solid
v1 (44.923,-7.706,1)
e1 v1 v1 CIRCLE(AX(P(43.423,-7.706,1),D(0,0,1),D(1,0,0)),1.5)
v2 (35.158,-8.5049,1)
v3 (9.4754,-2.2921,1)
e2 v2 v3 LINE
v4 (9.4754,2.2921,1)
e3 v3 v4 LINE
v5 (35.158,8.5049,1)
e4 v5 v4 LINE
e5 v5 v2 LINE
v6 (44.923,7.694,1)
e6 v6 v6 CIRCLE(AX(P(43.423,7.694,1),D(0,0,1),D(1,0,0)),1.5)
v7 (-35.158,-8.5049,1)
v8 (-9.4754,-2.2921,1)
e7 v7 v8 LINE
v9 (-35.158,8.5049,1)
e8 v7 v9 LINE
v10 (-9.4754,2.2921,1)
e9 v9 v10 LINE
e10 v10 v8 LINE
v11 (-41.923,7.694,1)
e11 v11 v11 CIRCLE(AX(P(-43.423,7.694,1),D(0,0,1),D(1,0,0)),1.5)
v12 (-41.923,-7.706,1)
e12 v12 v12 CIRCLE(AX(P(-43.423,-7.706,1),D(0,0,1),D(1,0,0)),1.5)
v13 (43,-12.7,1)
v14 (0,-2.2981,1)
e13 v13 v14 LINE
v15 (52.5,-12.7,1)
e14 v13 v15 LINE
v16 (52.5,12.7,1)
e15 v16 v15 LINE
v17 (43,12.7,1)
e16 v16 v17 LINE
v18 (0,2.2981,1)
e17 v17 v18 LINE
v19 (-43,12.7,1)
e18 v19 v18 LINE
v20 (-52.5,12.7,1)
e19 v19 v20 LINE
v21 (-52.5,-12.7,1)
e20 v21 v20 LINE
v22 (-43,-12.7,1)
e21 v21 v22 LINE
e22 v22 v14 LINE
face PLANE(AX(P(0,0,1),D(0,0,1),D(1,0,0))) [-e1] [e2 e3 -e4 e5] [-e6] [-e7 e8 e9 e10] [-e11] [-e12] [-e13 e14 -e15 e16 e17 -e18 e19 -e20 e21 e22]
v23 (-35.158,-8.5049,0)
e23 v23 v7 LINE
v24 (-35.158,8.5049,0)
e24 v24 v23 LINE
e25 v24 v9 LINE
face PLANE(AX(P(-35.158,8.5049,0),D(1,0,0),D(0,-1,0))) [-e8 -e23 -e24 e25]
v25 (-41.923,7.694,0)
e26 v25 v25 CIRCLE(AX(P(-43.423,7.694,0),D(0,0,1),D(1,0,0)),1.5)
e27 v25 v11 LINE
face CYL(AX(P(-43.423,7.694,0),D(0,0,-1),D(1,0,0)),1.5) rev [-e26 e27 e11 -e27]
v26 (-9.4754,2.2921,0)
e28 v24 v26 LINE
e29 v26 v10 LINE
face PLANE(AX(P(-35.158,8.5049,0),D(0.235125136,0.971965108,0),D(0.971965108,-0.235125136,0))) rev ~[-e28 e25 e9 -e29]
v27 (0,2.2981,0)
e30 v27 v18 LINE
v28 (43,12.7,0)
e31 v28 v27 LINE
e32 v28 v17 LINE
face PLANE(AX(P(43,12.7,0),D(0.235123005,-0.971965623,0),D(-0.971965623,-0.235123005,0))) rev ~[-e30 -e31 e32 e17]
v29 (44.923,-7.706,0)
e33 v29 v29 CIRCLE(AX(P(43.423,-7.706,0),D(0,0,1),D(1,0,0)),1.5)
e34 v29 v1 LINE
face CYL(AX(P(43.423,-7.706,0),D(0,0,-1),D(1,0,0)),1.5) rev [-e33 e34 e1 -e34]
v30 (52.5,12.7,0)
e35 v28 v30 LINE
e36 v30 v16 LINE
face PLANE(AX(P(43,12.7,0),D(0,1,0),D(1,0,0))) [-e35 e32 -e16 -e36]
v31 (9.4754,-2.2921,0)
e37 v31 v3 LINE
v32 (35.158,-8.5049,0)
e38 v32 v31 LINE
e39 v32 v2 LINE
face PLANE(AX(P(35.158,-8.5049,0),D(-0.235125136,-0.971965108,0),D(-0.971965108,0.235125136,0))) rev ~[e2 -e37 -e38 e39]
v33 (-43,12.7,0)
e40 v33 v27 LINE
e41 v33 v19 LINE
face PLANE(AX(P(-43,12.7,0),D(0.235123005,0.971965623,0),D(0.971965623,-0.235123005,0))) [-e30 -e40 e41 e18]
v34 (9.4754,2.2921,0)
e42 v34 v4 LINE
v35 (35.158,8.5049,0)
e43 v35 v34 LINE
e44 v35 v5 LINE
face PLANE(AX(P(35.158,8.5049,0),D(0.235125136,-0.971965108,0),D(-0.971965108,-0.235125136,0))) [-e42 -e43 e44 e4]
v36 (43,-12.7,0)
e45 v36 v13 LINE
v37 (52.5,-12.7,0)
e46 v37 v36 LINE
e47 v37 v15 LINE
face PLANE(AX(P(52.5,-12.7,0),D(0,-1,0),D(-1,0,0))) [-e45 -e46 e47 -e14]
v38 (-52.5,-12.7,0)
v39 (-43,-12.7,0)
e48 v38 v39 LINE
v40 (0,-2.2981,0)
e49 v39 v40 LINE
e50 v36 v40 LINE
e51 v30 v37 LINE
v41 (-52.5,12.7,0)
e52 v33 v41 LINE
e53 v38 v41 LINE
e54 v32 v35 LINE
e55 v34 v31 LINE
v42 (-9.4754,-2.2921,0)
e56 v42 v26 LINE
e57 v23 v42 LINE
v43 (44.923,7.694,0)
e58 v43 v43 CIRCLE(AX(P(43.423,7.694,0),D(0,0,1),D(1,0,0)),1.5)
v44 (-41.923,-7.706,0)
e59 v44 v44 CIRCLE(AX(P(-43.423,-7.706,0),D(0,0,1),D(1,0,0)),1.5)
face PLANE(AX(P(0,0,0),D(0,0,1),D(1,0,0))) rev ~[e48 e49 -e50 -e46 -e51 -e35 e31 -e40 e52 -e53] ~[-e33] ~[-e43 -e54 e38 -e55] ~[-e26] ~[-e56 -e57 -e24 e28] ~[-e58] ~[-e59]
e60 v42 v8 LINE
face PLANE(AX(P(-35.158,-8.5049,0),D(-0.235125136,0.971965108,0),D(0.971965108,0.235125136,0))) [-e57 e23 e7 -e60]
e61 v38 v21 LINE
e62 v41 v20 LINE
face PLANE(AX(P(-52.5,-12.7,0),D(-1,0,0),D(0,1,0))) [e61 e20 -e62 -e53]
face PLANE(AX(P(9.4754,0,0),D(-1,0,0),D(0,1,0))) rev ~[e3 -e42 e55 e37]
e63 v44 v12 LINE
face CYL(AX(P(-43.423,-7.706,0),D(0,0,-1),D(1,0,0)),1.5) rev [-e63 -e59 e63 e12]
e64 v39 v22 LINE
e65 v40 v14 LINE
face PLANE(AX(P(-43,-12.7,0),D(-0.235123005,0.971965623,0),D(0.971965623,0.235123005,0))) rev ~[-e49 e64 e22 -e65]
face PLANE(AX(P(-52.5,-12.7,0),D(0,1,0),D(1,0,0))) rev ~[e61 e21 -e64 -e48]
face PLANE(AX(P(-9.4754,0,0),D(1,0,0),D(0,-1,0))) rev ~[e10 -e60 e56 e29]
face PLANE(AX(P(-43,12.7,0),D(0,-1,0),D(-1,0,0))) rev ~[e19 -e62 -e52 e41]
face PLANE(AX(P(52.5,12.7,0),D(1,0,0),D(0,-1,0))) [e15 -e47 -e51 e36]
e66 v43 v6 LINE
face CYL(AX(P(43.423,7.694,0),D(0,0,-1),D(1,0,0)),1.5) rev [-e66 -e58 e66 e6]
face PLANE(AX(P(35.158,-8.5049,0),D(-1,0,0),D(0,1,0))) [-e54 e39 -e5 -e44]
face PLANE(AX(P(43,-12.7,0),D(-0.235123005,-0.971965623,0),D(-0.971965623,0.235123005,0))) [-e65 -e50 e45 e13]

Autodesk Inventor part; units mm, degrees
ref_plane "YZ Plane" through (0, 0, 0) normal (1, 0, 0) x (0, 1, 0)
ref_plane "XZ Plane" through (0, 0, 0) normal (0, 1, 0) x (-1, 0, 0)
ref_plane "XY Plane" through (0, 0, 0) normal (0, 0, 1) x (1, 0, 0)
sketch "Sketch1" plane through (0, 0, 0) normal (0, 0, 1) x (1, 0, 0)
  line L0 (-52.5, -12.7) -> (-52.5, 12.7)
  line L1 (43, 12.7) -> (52.5, 12.7)
  line L2 (52.5, 12.7) -> (52.5, -12.7)
  line L3 (52.5, -12.7) -> (-52.5, 12.7) construction
  line L4 (-52.5, -12.7) -> (-43, -12.7)
  line L5 (-43, 12.7) -> (-52.5, 12.7)
  line L6 (-52.5, 12.7) -> (-52.5, -12.7)
  line L7 (52.5, -12.7) -> (43.7955, -12.7)
  line L8 (43.7955, 12.7) -> (52.5, 12.7)
  line L9 (52.5, 12.7) -> (52.5, -12.7)
  circle A0 centre (-43.423, 7.694) radius 1.5
  circle A1 centre (-43.423, -7.706) radius 1.5
  line L10 (0, 19) -> (0, -21) construction
  line L11 (52.5, -12.7) -> (52.5, 12.7)
  line L12 (52.5, -12.7) -> (43, -12.7)
  line L13 (43, 12.7) -> (52.5, 12.7)
  line L14 (52.5, 12.7) -> (52.5, -12.7)
  circle A2 centre (43.423, 7.694) radius 1.5
  circle A3 centre (43.423, -7.706) radius 1.5
  line L15 (-43, 12.7) -> (0, 2.2981)
  line L16 (0, 2.2981) -> (0, 0)
  line L17 (-52.5, 0) -> (75, 0) construction
  line L18 (-43, -12.7) -> (0, -2.2981)
  line L19 (0, -2.2981) -> (0, 0)
  line L20 (43, 12.7) -> (0, 2.2981)
  line L21 (43, -12.7) -> (0, -2.2981)
  line L22 (-35.158, 8.5049) -> (-35.158, 0)
  line L23 (-35.158, 8.5049) -> (-9.4754, 2.2921)
  line L24 (-9.4754, 0) -> (-9.4754, 2.2921)
  line L25 (52.5, 12.7) -> (-52.5, -12.7) construction
  line L26 (-35.158, -8.5049) -> (-35.158, 0)
  line L27 (-9.4754, 0) -> (-9.4754, -2.2921)
  line L28 (-35.158, -8.5049) -> (-9.4754, -2.2921)
  line L29 (35.158, 8.5049) -> (35.158, 0)
  line L30 (35.158, 8.5049) -> (9.4754, 2.2921)
  line L31 (9.4754, 0) -> (9.4754, 2.2921)
  line L32 (35.158, -8.5049) -> (35.158, 0)
  line L33 (9.4754, 0) -> (9.4754, -2.2921)
  line L34 (35.158, -8.5049) -> (9.4754, -2.2921)
  line L35 (-43.423, 7.694) -> (43.423, 7.694) construction
  line L36 (-52.5, 12.7) -> (-43, 12.7)
  line L37 (0, 2.2981) -> (-43, 12.7)
  line L38 (0, 2.2981) -> (43, 12.7)
  line L39 (43, 12.7) -> (52.5, 12.7)
  line L40 (52.5, 12.7) -> (52.5, -12.7)
  line L41 (52.5, -12.7) -> (43, -12.7)
  line L42 (43, -12.7) -> (0, -2.2981)
  line L43 (0, -2.2981) -> (-43, -12.7)
  line L44 (-43, -12.7) -> (-52.5, -12.7)
  line L45 (-52.5, -12.7) -> (-52.5, 12.7)
  dimension "d0" = 105
  dimension "d1" = 15.4
  dimension "d4" = 9.077
  dimension "d5" = 3
  dimension "d6" = 3
extrude "Extrusion1" add sketch "Sketch1" along normal blind 1
properties part number "drill guide"
